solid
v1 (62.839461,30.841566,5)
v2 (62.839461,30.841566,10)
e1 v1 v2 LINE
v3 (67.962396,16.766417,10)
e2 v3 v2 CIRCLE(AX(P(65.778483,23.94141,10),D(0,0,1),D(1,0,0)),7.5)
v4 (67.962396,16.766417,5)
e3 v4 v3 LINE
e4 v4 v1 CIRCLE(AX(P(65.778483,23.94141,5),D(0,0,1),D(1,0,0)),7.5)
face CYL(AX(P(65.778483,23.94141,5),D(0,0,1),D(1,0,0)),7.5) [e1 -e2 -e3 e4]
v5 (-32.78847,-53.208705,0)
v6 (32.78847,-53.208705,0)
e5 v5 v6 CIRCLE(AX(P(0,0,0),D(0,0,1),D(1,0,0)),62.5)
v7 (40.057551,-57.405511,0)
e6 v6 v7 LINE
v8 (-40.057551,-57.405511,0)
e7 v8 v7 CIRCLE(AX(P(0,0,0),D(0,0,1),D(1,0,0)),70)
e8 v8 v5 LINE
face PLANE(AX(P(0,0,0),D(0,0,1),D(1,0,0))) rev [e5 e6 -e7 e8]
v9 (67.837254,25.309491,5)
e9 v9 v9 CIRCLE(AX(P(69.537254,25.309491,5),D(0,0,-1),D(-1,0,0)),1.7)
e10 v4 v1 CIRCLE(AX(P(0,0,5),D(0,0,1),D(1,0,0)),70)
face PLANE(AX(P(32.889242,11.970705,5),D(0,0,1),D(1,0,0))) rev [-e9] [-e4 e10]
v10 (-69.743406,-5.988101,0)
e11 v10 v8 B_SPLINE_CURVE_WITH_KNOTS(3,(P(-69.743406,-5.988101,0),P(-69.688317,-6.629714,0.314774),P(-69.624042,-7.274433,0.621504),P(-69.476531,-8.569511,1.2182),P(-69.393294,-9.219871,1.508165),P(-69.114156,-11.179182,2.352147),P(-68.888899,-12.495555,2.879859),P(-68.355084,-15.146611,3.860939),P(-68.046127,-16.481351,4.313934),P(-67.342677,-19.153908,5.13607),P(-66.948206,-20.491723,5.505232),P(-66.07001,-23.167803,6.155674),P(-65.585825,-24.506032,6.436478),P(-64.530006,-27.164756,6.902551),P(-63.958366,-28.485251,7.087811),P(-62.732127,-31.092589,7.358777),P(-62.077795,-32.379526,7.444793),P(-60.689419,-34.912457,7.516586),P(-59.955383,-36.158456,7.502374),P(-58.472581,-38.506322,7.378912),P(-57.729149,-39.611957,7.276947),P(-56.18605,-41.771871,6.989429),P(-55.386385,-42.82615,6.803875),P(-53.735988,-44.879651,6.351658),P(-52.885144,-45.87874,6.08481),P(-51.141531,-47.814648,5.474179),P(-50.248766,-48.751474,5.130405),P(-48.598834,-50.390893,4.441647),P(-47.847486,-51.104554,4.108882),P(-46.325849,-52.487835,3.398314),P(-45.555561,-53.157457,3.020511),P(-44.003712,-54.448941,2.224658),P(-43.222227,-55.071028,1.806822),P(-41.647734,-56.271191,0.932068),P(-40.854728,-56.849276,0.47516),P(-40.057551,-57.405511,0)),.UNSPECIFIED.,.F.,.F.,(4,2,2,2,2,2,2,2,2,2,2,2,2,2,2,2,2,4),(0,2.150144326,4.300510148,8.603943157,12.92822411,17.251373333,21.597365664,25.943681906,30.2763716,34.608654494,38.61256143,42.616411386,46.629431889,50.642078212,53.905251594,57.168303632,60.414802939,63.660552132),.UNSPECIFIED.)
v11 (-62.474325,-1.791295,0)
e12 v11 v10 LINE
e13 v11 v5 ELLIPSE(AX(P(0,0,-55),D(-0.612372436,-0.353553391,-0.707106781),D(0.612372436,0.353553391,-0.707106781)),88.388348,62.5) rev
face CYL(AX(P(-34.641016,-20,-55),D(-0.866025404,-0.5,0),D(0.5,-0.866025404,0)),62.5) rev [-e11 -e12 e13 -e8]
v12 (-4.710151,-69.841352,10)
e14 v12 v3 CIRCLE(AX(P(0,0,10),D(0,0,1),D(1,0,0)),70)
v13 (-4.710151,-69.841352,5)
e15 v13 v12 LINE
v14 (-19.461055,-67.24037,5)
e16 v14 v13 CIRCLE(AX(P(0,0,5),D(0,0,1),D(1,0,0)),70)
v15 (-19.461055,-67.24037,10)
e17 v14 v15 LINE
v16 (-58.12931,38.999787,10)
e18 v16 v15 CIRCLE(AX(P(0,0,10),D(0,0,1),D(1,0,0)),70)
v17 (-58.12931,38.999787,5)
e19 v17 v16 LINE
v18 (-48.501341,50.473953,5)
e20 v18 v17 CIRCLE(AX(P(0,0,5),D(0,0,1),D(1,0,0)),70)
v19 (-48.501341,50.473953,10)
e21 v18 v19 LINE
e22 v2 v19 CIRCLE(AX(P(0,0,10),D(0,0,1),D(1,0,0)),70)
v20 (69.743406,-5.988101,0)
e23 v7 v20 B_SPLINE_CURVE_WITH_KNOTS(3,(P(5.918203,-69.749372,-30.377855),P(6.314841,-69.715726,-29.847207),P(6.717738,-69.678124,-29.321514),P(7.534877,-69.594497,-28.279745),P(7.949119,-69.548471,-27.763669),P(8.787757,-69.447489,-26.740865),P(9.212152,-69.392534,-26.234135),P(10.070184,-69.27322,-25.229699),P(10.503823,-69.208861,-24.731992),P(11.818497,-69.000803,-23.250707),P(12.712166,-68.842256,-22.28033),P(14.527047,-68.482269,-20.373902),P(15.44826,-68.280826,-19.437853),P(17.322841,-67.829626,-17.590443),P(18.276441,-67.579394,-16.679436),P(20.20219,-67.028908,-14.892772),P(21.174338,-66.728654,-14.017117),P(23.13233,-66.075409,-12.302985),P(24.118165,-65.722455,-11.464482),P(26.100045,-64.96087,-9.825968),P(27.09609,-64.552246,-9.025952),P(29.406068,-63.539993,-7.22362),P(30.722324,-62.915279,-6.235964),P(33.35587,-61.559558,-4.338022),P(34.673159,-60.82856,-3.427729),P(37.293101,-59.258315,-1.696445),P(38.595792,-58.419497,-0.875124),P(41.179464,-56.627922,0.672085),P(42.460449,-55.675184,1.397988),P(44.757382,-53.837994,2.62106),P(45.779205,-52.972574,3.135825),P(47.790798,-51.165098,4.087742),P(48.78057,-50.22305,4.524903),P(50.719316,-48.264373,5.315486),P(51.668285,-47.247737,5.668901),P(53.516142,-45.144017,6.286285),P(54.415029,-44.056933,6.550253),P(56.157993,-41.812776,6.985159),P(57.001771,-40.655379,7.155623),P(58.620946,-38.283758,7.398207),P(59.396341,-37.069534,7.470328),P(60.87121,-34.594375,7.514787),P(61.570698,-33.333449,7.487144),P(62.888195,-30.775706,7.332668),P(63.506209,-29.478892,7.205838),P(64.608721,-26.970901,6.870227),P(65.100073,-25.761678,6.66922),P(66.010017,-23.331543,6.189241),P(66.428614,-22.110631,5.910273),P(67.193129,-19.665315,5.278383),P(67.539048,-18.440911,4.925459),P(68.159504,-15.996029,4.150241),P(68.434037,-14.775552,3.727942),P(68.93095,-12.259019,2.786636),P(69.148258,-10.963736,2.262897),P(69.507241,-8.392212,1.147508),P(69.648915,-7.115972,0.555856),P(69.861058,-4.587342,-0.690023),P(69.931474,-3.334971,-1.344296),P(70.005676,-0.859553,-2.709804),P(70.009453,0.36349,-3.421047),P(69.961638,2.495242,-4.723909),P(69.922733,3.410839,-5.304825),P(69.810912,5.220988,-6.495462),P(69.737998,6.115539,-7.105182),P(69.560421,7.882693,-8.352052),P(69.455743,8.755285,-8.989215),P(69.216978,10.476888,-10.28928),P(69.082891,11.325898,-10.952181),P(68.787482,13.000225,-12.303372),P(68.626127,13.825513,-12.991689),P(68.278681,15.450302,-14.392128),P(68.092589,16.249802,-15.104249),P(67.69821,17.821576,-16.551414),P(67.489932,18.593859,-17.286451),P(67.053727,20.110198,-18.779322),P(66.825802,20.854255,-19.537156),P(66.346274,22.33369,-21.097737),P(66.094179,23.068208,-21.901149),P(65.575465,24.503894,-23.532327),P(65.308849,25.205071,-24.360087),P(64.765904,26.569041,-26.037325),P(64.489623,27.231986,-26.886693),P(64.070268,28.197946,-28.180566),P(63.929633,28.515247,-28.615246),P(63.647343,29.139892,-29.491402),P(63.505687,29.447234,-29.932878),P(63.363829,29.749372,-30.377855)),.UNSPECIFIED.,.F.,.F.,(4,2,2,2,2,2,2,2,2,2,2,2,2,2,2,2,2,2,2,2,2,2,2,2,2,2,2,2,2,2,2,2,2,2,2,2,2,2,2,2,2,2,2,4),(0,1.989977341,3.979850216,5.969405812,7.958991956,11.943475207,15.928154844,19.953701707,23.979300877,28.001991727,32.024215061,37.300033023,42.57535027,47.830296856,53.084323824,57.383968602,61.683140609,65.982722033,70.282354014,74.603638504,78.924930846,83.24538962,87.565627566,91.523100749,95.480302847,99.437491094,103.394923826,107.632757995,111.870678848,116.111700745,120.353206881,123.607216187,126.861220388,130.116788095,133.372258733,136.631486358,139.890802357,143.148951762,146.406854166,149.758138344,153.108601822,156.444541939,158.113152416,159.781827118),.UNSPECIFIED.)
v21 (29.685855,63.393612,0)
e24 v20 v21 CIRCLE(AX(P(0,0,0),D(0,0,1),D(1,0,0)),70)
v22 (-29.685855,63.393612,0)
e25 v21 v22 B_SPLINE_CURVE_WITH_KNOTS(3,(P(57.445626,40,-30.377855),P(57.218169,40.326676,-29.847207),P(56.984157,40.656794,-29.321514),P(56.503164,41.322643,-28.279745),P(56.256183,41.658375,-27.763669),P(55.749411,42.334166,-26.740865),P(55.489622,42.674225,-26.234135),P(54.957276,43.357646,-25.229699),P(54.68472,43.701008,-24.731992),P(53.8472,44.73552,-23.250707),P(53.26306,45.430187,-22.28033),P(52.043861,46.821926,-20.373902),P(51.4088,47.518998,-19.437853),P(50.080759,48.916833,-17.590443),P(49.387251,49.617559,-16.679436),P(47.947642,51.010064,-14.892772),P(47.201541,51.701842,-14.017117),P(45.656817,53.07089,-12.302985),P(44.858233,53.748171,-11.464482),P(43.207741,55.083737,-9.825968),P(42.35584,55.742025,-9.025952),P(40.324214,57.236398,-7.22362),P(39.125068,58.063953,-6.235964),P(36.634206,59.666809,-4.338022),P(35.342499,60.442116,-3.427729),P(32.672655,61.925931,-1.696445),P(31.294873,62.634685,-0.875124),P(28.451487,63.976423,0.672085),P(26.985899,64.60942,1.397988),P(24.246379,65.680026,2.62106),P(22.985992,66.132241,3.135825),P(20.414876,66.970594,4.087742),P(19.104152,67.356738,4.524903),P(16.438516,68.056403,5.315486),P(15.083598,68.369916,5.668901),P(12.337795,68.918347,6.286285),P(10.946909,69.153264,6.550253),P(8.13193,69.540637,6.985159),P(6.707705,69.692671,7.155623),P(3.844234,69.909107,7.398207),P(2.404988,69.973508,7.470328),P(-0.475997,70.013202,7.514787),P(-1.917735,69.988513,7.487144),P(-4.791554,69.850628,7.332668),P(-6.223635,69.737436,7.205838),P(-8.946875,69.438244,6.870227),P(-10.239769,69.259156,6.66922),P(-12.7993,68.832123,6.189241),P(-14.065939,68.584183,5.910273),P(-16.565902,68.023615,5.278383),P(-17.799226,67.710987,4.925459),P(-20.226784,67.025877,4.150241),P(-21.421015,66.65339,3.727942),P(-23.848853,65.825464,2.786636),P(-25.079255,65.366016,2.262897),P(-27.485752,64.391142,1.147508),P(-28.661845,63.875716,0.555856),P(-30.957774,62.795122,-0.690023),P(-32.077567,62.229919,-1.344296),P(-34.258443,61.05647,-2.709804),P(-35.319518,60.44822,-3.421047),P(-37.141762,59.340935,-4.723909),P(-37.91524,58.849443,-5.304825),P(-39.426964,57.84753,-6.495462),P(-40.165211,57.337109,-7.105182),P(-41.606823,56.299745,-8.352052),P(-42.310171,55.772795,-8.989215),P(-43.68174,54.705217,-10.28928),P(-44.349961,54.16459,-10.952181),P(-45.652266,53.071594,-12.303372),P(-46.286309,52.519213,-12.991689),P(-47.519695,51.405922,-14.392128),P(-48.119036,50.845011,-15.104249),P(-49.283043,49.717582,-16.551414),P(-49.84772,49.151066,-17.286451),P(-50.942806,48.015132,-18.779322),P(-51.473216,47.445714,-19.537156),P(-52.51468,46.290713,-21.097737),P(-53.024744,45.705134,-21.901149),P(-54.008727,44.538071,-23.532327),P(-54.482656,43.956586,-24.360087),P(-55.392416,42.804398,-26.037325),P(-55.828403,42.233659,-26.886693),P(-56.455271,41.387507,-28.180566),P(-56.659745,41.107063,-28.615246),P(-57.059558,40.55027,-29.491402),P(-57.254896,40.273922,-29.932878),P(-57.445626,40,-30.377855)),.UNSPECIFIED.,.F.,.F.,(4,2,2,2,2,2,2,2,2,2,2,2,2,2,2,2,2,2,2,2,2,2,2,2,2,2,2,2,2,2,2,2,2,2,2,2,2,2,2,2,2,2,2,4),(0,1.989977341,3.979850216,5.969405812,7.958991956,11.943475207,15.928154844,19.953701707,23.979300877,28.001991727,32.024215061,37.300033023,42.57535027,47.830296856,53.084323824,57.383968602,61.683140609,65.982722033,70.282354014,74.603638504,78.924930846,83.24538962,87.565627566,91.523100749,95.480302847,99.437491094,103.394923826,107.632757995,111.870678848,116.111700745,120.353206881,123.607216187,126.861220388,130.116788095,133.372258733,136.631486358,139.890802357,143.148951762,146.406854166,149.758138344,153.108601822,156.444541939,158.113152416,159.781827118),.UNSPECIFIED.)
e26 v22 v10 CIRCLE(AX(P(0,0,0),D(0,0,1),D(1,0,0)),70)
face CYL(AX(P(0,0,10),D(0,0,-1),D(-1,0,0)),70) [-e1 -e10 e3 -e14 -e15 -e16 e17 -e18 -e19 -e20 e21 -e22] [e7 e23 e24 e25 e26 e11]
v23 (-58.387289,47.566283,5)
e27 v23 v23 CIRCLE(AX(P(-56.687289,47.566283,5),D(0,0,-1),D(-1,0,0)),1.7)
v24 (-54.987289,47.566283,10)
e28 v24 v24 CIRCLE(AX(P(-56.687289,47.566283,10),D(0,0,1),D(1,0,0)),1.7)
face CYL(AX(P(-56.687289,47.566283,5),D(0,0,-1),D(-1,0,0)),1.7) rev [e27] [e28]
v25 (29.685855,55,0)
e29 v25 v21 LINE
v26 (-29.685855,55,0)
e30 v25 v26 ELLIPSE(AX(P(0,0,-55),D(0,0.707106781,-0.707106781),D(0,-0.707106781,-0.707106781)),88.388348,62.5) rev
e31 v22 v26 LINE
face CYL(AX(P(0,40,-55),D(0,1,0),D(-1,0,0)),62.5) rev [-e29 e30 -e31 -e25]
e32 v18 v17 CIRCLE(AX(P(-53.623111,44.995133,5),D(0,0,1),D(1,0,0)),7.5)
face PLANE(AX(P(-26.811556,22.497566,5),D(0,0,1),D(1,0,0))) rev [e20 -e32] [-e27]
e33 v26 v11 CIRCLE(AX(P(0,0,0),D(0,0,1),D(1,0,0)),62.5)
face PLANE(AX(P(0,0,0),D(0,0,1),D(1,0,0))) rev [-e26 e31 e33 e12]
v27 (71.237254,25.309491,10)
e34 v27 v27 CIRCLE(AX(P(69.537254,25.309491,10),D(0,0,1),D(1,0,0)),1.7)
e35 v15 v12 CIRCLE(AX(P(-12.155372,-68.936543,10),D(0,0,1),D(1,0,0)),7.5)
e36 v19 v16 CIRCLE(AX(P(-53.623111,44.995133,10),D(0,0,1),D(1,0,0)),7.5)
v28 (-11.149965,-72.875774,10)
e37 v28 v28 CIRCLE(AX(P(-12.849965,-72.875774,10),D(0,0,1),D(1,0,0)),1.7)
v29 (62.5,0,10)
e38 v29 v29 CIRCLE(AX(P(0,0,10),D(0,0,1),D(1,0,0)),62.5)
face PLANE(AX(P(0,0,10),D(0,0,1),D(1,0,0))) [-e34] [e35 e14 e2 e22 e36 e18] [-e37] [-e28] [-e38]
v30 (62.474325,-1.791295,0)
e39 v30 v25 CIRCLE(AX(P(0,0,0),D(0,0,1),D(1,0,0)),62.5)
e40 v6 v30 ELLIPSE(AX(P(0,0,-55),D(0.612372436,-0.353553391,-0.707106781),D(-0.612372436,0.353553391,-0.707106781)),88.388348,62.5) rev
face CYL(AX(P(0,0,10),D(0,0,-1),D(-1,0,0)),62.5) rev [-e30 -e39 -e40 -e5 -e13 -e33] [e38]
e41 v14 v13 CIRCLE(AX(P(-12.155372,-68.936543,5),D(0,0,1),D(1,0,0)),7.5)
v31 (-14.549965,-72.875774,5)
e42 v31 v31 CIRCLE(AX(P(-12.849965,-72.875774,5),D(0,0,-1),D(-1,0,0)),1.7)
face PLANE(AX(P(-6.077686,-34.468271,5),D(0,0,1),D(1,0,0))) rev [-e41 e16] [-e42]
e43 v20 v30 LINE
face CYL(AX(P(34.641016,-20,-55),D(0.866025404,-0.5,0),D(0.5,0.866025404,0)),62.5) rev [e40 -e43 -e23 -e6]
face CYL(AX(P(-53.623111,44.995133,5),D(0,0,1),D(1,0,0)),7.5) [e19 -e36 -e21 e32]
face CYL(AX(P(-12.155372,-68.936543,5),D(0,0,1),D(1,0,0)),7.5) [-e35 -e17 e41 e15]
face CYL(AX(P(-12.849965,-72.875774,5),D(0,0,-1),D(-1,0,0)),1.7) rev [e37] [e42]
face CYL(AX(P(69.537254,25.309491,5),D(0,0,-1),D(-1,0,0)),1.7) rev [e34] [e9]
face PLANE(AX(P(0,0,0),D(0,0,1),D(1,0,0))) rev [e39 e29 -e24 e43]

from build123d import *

# Parameters (mm, degrees)
SCHIZZO1_R                   = 70
SCHIZZO1_R_2                 = 62.5
ESTRUSIONE_ESTRUSIONE1_DEPTH = 10
ESTRUSIONE_ESTRUSIONE3_START = -5
ESTRUSIONE_ESTRUSIONE3_DEPTH = 5
FORO_PER_VITE_M3_2_D         = 3.4
RIPETIZIONECIRCOLARE3_COUNT  = 3
SCHIZZO14_R                  = 62.5
TAGLIO_ESTRUSIONE1_DEPTH     = 30
RIPETIZIONECIRCOLARE4_COUNT  = 3


with BuildPart() as part:
    # Schizzo1 → Estrusione-Estrusione1 (new body)
    with BuildSketch(Plane.XY):
        Circle(SCHIZZO1_R)
        Circle(SCHIZZO1_R_2, mode=Mode.SUBTRACT)
    extrude(amount=ESTRUSIONE_ESTRUSIONE1_DEPTH)

    # Schizzo5 → Estrusione-Estrusione3 (add)
    with BuildSketch(Plane(origin=(0, 0, 0), x_dir=(-1, 0, 0), z_dir=(0, 0, -1)).offset(ESTRUSIONE_ESTRUSIONE3_START)):
        with BuildLine():
            ThreePointArc((4.710151164, -69.841352192), (13.457733769, -76.322600858), (19.461054995, -67.240369857))
            ThreePointArc((19.461054995, -67.240369857), (12.155372437, -68.936542711), (4.710151164, -69.841352192))
        make_face()
    estrusione_estrusione3 = extrude(amount=-ESTRUSIONE_ESTRUSIONE3_DEPTH)

    # Foro per Vite M3-2 (through all)
    with Locations(Plane(origin=(0, 0, 5), x_dir=(-1, 0, 0), z_dir=(0, 0, -1))):
        with Locations((12.849965147, -72.875773723)):
            foro_per_vite_m3_2 = Hole(FORO_PER_VITE_M3_2_D / 2)

    # RipetizioneCircolare3: Estrusione-Estrusione3, Foro per Vite M3-2 ×3 about axis
    ripetizionecircolare3_axis = Axis((0, 0, 0), (0, 0, 1))
    add([estrusione_estrusione3.rotate(ripetizionecircolare3_axis, i * 360 / RIPETIZIONECIRCOLARE3_COUNT) for i in range(1, RIPETIZIONECIRCOLARE3_COUNT)])
    add([foro_per_vite_m3_2.rotate(ripetizionecircolare3_axis, i * 360 / RIPETIZIONECIRCOLARE3_COUNT) for i in range(1, RIPETIZIONECIRCOLARE3_COUNT)], mode=Mode.SUBTRACT)

    # Schizzo14 → Taglio-Estrusione1 (cut)
    with BuildSketch(Plane(origin=(-60.621778265, -35, 0), x_dir=(0, 0, -1), z_dir=(-0.8660254037844398, -0.499999999999998, 0))):
        with Locations((55, 0)):
            Circle(SCHIZZO14_R)
    taglio_estrusione1 = extrude(amount=-TAGLIO_ESTRUSIONE1_DEPTH, mode=Mode.SUBTRACT)

    # RipetizioneCircolare4: Taglio-Estrusione1 ×3 about axis
    ripetizionecircolare4_axis = Axis((0, 0, 10), (0, 0, -1))
    for i in range(1, RIPETIZIONECIRCOLARE4_COUNT):
        add(taglio_estrusione1.rotate(ripetizionecircolare4_axis, i * 360 / RIPETIZIONECIRCOLARE4_COUNT), mode=Mode.SUBTRACT)


solid = part.part
